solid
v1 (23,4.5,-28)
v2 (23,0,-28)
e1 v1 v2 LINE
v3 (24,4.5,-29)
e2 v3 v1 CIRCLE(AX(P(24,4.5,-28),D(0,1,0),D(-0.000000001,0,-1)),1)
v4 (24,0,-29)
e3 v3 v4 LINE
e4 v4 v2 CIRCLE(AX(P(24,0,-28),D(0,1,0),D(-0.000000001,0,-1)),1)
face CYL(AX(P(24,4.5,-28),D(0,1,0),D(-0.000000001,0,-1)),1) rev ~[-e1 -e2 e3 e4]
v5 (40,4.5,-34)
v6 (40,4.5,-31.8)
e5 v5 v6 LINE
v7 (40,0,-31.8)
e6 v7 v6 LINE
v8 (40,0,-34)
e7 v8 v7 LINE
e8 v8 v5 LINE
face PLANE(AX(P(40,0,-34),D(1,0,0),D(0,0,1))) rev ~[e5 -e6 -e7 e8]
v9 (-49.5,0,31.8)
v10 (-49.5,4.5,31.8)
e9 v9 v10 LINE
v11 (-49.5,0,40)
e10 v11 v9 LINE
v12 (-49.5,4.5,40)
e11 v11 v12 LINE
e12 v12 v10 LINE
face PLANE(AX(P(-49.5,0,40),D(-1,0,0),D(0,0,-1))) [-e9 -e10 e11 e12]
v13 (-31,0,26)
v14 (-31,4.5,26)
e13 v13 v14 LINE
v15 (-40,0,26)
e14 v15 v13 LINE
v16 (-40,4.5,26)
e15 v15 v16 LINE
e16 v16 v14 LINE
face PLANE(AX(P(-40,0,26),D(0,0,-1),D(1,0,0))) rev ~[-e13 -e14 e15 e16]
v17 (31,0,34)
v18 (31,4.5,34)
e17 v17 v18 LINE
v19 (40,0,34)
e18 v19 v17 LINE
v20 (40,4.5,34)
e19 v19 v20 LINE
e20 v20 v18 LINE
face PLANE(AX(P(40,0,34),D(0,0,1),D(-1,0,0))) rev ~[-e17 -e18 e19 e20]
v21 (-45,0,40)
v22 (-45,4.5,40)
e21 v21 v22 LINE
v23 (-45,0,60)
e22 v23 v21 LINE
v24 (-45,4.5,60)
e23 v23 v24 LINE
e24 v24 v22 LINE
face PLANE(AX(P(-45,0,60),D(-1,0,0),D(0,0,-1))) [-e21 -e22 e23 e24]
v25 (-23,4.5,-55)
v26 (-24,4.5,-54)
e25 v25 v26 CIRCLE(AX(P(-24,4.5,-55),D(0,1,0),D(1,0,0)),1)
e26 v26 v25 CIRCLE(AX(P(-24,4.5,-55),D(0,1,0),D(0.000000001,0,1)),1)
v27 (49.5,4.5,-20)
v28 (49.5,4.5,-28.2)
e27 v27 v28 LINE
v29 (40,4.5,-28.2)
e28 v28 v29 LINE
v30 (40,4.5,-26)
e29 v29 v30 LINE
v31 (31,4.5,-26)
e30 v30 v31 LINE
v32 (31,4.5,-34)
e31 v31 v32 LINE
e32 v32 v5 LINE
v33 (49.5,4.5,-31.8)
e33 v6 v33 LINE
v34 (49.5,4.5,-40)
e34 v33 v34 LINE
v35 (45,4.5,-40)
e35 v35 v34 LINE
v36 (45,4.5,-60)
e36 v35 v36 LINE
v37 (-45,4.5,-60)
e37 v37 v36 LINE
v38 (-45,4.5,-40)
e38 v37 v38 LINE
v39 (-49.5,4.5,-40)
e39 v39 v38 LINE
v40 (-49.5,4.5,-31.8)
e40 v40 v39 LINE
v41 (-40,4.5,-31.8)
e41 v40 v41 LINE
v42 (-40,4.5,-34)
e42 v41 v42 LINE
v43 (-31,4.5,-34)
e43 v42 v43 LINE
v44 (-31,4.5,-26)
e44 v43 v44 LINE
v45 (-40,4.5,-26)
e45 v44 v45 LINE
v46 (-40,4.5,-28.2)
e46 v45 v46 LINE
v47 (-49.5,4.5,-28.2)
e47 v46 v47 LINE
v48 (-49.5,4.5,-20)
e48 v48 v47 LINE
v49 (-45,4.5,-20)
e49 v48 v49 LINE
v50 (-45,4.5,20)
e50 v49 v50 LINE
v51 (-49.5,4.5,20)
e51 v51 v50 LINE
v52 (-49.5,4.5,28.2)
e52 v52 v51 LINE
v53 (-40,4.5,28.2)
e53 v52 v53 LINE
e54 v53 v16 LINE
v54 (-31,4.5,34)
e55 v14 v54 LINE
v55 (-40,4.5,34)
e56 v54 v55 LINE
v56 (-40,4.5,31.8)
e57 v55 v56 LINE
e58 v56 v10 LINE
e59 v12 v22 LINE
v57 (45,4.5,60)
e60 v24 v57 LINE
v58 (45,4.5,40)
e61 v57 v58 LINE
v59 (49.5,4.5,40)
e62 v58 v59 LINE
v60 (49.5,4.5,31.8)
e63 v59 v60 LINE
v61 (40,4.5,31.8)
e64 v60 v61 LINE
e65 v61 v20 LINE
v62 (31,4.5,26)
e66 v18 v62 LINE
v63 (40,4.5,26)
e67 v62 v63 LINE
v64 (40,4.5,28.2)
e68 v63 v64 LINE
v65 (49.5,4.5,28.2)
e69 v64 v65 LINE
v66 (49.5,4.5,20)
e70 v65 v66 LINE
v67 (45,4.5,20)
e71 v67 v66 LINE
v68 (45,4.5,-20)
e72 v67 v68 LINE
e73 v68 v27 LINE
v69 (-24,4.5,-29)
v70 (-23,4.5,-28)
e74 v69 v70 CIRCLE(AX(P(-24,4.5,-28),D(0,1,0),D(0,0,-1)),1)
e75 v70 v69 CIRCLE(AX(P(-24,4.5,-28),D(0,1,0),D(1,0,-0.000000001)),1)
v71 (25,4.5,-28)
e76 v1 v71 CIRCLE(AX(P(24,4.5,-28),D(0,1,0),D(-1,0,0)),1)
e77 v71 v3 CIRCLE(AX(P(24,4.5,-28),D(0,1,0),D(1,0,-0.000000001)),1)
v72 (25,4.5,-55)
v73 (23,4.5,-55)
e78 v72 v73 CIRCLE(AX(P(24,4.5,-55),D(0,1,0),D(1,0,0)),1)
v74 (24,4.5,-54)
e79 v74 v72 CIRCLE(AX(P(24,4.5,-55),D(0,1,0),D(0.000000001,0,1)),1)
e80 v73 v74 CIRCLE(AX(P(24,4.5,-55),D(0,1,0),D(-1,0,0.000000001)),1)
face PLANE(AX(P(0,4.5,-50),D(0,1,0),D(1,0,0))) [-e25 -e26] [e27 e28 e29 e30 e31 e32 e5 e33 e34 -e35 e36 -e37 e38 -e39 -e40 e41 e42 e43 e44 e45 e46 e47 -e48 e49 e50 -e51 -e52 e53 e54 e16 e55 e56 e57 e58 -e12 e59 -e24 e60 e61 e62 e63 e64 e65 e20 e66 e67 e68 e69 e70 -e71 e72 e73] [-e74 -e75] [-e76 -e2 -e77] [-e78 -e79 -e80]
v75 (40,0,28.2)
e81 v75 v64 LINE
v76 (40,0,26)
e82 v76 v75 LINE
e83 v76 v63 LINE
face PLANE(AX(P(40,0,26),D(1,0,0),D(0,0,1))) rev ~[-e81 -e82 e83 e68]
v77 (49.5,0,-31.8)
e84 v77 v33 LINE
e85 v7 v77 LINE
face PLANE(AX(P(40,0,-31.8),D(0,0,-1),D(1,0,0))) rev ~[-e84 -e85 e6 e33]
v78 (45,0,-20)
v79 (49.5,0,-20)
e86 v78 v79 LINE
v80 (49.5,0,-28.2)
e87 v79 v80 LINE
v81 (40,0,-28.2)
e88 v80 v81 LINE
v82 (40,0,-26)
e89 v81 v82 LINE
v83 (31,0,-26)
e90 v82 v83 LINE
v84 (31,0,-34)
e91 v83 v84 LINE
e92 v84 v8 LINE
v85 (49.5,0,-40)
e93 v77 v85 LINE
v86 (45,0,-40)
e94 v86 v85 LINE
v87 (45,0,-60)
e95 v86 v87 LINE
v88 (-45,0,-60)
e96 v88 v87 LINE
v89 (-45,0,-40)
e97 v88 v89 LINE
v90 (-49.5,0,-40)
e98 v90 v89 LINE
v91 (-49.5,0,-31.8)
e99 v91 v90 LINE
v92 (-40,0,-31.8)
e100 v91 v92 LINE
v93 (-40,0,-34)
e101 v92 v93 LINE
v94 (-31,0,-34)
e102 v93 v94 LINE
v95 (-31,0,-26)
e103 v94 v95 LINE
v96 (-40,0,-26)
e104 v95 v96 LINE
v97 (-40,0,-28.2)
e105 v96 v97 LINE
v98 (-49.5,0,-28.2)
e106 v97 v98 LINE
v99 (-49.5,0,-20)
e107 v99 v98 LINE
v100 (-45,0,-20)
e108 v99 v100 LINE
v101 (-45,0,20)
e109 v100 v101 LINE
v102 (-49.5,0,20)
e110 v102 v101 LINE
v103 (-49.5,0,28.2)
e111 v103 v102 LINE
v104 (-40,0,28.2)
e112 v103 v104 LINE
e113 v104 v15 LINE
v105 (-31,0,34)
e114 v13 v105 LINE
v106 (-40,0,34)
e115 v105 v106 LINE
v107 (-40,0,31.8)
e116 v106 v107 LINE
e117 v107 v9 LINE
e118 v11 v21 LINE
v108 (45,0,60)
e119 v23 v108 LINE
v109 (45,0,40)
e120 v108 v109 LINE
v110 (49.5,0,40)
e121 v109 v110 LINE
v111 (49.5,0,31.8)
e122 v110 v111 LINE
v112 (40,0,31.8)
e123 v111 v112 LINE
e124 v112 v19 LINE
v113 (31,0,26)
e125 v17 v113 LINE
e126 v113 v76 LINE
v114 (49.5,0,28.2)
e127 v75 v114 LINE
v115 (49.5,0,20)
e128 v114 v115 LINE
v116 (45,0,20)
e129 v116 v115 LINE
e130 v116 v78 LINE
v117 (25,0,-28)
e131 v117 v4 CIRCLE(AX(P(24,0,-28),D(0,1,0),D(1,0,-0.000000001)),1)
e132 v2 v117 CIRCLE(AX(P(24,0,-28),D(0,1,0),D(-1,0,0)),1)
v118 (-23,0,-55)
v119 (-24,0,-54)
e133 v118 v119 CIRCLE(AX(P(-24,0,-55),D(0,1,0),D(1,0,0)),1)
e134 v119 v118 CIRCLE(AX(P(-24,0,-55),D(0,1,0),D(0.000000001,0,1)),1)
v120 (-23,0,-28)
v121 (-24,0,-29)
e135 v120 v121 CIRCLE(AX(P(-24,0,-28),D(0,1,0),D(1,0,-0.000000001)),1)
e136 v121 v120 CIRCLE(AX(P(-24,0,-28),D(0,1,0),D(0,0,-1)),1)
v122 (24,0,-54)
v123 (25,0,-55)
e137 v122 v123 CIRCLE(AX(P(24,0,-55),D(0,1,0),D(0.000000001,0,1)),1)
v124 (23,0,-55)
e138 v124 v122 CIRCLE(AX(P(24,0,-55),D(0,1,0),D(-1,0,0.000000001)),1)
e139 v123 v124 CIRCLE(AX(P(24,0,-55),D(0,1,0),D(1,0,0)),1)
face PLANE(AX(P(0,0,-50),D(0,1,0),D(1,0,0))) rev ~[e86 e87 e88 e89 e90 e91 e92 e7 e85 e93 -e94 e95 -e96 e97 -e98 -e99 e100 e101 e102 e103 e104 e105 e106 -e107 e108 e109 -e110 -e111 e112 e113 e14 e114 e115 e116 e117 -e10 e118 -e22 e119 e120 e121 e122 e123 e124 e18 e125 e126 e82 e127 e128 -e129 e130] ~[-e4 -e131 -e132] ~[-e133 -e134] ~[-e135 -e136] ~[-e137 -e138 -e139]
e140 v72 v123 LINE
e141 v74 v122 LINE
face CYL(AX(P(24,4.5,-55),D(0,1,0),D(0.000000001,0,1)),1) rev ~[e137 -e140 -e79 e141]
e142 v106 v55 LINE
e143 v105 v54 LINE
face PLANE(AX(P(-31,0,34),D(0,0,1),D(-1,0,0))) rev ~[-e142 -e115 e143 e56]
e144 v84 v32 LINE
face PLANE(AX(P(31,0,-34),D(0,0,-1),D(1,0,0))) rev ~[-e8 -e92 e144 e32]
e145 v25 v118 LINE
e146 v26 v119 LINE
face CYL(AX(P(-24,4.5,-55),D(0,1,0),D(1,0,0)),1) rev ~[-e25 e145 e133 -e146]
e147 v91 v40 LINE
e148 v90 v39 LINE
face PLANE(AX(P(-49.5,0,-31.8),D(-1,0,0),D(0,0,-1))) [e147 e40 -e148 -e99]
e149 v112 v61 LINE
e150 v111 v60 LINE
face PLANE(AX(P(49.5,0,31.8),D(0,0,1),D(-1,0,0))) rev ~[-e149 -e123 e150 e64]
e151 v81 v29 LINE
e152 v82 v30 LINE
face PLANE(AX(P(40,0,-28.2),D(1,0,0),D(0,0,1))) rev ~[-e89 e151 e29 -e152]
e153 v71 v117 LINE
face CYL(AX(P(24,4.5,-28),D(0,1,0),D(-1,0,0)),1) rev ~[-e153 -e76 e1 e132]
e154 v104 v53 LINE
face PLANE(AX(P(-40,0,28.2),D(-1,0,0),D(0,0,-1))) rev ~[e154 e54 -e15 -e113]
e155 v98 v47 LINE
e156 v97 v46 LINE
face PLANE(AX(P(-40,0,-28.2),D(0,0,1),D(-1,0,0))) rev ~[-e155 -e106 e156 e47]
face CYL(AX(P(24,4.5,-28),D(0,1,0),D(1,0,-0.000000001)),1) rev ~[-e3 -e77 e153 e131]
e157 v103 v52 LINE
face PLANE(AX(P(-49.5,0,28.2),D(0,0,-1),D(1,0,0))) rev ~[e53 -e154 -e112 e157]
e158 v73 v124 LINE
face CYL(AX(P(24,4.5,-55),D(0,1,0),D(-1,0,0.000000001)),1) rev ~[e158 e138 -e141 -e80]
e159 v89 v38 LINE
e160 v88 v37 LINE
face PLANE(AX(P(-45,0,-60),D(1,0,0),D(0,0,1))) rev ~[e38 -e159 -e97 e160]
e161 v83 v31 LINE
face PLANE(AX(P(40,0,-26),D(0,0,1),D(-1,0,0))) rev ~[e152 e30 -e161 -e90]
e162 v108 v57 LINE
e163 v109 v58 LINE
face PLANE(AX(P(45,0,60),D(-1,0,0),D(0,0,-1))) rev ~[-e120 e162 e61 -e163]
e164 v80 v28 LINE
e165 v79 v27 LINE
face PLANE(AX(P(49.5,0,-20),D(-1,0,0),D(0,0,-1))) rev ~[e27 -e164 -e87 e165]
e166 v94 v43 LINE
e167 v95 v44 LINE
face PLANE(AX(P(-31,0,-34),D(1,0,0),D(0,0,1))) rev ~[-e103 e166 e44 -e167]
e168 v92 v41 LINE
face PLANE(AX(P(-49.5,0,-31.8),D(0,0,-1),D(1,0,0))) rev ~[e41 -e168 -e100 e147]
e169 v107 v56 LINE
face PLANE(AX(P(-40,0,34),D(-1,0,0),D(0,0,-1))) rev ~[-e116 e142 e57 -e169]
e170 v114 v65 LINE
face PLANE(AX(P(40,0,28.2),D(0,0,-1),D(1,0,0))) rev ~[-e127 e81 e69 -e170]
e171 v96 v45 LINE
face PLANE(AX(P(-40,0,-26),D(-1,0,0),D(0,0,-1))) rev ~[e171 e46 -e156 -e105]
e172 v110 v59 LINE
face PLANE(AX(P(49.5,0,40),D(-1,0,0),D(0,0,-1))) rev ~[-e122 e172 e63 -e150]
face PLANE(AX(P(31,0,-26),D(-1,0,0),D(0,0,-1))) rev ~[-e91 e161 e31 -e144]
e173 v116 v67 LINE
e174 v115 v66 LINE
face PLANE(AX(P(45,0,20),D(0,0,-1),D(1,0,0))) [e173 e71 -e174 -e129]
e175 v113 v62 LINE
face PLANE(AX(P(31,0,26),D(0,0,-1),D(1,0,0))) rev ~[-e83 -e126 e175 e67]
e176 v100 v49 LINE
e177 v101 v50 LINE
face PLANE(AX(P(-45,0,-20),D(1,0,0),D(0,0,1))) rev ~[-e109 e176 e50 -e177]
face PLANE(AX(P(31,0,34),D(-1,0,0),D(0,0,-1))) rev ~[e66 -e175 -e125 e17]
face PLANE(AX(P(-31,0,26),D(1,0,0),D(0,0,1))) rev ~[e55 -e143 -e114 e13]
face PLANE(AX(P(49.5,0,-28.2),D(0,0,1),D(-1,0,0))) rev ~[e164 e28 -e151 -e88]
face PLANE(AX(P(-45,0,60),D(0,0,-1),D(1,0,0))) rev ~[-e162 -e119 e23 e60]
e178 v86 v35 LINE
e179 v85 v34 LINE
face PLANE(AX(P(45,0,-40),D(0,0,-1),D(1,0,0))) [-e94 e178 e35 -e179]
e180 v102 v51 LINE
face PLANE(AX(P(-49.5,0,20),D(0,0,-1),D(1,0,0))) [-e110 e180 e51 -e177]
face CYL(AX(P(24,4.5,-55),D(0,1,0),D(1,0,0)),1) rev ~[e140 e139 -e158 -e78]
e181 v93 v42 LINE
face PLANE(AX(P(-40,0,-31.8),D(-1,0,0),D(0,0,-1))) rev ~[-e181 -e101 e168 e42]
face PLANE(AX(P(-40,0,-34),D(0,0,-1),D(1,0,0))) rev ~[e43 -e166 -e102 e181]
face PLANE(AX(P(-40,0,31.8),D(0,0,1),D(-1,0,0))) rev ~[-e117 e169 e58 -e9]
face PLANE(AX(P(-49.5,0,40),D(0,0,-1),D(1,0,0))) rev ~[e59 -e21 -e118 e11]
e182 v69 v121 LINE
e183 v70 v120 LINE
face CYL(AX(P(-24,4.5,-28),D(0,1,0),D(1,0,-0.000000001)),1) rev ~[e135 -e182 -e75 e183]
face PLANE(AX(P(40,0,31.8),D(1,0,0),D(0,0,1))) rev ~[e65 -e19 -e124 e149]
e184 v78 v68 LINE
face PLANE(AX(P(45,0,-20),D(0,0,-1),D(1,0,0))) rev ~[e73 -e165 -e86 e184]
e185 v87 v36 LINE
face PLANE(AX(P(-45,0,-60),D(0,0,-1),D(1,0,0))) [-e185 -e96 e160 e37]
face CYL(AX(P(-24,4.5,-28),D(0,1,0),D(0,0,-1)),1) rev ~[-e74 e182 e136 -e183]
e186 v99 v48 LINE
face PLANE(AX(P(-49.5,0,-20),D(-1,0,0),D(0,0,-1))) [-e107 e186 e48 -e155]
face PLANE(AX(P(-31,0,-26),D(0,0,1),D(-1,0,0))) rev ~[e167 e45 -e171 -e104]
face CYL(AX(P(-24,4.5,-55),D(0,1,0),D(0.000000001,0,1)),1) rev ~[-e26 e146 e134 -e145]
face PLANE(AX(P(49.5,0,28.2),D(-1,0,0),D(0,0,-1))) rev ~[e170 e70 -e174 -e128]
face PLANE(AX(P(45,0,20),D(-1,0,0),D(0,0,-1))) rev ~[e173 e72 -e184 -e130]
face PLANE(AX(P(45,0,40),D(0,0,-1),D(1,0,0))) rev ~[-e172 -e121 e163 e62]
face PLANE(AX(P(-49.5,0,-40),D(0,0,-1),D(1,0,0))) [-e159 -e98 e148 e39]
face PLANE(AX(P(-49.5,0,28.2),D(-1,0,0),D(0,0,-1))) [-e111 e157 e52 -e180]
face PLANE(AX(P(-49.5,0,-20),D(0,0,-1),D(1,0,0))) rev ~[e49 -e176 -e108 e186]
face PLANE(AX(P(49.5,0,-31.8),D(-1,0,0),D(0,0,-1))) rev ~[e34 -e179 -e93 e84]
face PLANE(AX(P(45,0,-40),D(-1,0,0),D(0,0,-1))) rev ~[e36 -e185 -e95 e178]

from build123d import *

# Parameters (mm, degrees)
SKETCH1_W           = 90
SKETCH1_H           = 20
SKETCH1_W_2         = 4.5
SKETCH1_H_2         = 8.2
SKETCH1_W_3         = 62
SKETCH1_H_3         = 3.6
SKETCH1_H_4         = 40
BOSS_EXTRUDE1_DEPTH = 4.5
CUT_EXTRUDE1_DEPTH  = 10


with BuildPart() as part:
    # Sketch1 → Boss-Extrude1 (new body)
    with BuildSketch(Plane(origin=(0, 0, 0), x_dir=(1, 0, 0), z_dir=(0, 1, 0))):
        with Locations((0, 50)):
            Rectangle(SKETCH1_W, SKETCH1_H)
        Polygon((-45, 40), (-45, 31.8), (-40, 31.8), (-40, 34), (-31, 34), (-31, 31.8), (31, 31.8), (31, 34), (40, 34), (40, 31.8), (45, 31.8), (45, 40), align=None)
        with Locations((-47.25, 35.9)):
            Rectangle(SKETCH1_W_2, SKETCH1_H_2)
        with Locations((-47.25, 24.1)):
            Rectangle(SKETCH1_W_2, SKETCH1_H_2)
        Polygon((-45, 28.2), (-45, 20), (45, 20), (45, 28.2), (40, 28.2), (40, 26), (31, 26), (31, 28.2), (-31, 28.2), (-31, 26), (-40, 26), (-40, 28.2), align=None)
        with Locations((0, 30)):
            Rectangle(SKETCH1_W_3, SKETCH1_H_3)
        Rectangle(SKETCH1_W, SKETCH1_H_4)
        Polygon((-45, -20), (-45, -28.2), (-40, -28.2), (-40, -26), (-31, -26), (-31, -28.2), (31, -28.2), (31, -26), (40, -26), (40, -28.2), (45, -28.2), (45, -20), align=None)
        with Locations((-47.25, -24.1)):
            Rectangle(SKETCH1_W_2, SKETCH1_H_2)
        with Locations((-47.25, -35.9)):
            Rectangle(SKETCH1_W_2, SKETCH1_H_2)
        Polygon((-45, -31.8), (-45, -40), (45, -40), (45, -31.8), (40, -31.8), (40, -34), (31, -34), (31, -31.8), (-31, -31.8), (-31, -34), (-40, -34), (-40, -31.8), align=None)
        with Locations((0, -30)):
            Rectangle(SKETCH1_W_3, SKETCH1_H_3)
        with Locations((47.25, -24.1)):
            Rectangle(SKETCH1_W_2, SKETCH1_H_2)
        with Locations((47.25, -35.9)):
            Rectangle(SKETCH1_W_2, SKETCH1_H_2)
        with Locations((47.25, 24.1)):
            Rectangle(SKETCH1_W_2, SKETCH1_H_2)
        with Locations((47.25, 35.9)):
            Rectangle(SKETCH1_W_2, SKETCH1_H_2)
        with Locations((0, -50)):
            Rectangle(SKETCH1_W, SKETCH1_H)
    extrude(amount=BOSS_EXTRUDE1_DEPTH)

    # Sketch2 → Cut-Extrude1 (cut)
    with BuildSketch(Plane(origin=(0, 4.5, 0), x_dir=(1, 0, 0), z_dir=(0, 1, 0))):
        with BuildLine():
            ThreePointArc((-23, 55), (-24.707106781, 55.707106781), (-24, 54))
            Line((-24, 54), (-24, 55))
            Line((-24, 55), (-23, 55))
        make_face()
        with BuildLine():
            Line((-24, 55), (-24, 54))
            ThreePointArc((-24, 54), (-23.292893219, 54.292893219), (-23, 55))
            Line((-23, 55), (-24, 55))
        make_face()
        with BuildLine():
            ThreePointArc((23, 55), (23.292893219, 54.292893219), (24, 54))
            Line((24, 54), (24, 55))
            Line((24, 55), (23, 55))
        make_face()
        with BuildLine():
            Line((24, 55), (24, 54))
            ThreePointArc((24, 54), (24.707106781, 54.292893219), (25, 55))
            ThreePointArc((25, 55), (24, 56), (23, 55))
            Line((23, 55), (24, 55))
        make_face()
        with BuildLine():
            ThreePointArc((24, 29), (23.292893219, 28.707106781), (23, 28))
            Line((23, 28), (24, 28))
            Line((24, 28), (24, 29))
        make_face()
        with BuildLine():
            Line((24, 28), (23, 28))
            ThreePointArc((23, 28), (24, 27), (25, 28))
            ThreePointArc((25, 28), (24.707106781, 28.707106781), (24, 29))
            Line((24, 29), (24, 28))
        make_face()
        with BuildLine():
            Line((-24, 29), (-24, 28))
            Line((-24, 28), (-23, 28))
            ThreePointArc((-23, 28), (-23.292893219, 28.707106781), (-24, 29))
        make_face()
        with BuildLine():
            Line((-23, 28), (-24, 28))
            Line((-24, 28), (-24, 29))
            ThreePointArc((-24, 29), (-24.707106781, 27.292893219), (-23, 28))
        make_face()
    extrude(amount=-CUT_EXTRUDE1_DEPTH, mode=Mode.SUBTRACT)


solid = part.part
